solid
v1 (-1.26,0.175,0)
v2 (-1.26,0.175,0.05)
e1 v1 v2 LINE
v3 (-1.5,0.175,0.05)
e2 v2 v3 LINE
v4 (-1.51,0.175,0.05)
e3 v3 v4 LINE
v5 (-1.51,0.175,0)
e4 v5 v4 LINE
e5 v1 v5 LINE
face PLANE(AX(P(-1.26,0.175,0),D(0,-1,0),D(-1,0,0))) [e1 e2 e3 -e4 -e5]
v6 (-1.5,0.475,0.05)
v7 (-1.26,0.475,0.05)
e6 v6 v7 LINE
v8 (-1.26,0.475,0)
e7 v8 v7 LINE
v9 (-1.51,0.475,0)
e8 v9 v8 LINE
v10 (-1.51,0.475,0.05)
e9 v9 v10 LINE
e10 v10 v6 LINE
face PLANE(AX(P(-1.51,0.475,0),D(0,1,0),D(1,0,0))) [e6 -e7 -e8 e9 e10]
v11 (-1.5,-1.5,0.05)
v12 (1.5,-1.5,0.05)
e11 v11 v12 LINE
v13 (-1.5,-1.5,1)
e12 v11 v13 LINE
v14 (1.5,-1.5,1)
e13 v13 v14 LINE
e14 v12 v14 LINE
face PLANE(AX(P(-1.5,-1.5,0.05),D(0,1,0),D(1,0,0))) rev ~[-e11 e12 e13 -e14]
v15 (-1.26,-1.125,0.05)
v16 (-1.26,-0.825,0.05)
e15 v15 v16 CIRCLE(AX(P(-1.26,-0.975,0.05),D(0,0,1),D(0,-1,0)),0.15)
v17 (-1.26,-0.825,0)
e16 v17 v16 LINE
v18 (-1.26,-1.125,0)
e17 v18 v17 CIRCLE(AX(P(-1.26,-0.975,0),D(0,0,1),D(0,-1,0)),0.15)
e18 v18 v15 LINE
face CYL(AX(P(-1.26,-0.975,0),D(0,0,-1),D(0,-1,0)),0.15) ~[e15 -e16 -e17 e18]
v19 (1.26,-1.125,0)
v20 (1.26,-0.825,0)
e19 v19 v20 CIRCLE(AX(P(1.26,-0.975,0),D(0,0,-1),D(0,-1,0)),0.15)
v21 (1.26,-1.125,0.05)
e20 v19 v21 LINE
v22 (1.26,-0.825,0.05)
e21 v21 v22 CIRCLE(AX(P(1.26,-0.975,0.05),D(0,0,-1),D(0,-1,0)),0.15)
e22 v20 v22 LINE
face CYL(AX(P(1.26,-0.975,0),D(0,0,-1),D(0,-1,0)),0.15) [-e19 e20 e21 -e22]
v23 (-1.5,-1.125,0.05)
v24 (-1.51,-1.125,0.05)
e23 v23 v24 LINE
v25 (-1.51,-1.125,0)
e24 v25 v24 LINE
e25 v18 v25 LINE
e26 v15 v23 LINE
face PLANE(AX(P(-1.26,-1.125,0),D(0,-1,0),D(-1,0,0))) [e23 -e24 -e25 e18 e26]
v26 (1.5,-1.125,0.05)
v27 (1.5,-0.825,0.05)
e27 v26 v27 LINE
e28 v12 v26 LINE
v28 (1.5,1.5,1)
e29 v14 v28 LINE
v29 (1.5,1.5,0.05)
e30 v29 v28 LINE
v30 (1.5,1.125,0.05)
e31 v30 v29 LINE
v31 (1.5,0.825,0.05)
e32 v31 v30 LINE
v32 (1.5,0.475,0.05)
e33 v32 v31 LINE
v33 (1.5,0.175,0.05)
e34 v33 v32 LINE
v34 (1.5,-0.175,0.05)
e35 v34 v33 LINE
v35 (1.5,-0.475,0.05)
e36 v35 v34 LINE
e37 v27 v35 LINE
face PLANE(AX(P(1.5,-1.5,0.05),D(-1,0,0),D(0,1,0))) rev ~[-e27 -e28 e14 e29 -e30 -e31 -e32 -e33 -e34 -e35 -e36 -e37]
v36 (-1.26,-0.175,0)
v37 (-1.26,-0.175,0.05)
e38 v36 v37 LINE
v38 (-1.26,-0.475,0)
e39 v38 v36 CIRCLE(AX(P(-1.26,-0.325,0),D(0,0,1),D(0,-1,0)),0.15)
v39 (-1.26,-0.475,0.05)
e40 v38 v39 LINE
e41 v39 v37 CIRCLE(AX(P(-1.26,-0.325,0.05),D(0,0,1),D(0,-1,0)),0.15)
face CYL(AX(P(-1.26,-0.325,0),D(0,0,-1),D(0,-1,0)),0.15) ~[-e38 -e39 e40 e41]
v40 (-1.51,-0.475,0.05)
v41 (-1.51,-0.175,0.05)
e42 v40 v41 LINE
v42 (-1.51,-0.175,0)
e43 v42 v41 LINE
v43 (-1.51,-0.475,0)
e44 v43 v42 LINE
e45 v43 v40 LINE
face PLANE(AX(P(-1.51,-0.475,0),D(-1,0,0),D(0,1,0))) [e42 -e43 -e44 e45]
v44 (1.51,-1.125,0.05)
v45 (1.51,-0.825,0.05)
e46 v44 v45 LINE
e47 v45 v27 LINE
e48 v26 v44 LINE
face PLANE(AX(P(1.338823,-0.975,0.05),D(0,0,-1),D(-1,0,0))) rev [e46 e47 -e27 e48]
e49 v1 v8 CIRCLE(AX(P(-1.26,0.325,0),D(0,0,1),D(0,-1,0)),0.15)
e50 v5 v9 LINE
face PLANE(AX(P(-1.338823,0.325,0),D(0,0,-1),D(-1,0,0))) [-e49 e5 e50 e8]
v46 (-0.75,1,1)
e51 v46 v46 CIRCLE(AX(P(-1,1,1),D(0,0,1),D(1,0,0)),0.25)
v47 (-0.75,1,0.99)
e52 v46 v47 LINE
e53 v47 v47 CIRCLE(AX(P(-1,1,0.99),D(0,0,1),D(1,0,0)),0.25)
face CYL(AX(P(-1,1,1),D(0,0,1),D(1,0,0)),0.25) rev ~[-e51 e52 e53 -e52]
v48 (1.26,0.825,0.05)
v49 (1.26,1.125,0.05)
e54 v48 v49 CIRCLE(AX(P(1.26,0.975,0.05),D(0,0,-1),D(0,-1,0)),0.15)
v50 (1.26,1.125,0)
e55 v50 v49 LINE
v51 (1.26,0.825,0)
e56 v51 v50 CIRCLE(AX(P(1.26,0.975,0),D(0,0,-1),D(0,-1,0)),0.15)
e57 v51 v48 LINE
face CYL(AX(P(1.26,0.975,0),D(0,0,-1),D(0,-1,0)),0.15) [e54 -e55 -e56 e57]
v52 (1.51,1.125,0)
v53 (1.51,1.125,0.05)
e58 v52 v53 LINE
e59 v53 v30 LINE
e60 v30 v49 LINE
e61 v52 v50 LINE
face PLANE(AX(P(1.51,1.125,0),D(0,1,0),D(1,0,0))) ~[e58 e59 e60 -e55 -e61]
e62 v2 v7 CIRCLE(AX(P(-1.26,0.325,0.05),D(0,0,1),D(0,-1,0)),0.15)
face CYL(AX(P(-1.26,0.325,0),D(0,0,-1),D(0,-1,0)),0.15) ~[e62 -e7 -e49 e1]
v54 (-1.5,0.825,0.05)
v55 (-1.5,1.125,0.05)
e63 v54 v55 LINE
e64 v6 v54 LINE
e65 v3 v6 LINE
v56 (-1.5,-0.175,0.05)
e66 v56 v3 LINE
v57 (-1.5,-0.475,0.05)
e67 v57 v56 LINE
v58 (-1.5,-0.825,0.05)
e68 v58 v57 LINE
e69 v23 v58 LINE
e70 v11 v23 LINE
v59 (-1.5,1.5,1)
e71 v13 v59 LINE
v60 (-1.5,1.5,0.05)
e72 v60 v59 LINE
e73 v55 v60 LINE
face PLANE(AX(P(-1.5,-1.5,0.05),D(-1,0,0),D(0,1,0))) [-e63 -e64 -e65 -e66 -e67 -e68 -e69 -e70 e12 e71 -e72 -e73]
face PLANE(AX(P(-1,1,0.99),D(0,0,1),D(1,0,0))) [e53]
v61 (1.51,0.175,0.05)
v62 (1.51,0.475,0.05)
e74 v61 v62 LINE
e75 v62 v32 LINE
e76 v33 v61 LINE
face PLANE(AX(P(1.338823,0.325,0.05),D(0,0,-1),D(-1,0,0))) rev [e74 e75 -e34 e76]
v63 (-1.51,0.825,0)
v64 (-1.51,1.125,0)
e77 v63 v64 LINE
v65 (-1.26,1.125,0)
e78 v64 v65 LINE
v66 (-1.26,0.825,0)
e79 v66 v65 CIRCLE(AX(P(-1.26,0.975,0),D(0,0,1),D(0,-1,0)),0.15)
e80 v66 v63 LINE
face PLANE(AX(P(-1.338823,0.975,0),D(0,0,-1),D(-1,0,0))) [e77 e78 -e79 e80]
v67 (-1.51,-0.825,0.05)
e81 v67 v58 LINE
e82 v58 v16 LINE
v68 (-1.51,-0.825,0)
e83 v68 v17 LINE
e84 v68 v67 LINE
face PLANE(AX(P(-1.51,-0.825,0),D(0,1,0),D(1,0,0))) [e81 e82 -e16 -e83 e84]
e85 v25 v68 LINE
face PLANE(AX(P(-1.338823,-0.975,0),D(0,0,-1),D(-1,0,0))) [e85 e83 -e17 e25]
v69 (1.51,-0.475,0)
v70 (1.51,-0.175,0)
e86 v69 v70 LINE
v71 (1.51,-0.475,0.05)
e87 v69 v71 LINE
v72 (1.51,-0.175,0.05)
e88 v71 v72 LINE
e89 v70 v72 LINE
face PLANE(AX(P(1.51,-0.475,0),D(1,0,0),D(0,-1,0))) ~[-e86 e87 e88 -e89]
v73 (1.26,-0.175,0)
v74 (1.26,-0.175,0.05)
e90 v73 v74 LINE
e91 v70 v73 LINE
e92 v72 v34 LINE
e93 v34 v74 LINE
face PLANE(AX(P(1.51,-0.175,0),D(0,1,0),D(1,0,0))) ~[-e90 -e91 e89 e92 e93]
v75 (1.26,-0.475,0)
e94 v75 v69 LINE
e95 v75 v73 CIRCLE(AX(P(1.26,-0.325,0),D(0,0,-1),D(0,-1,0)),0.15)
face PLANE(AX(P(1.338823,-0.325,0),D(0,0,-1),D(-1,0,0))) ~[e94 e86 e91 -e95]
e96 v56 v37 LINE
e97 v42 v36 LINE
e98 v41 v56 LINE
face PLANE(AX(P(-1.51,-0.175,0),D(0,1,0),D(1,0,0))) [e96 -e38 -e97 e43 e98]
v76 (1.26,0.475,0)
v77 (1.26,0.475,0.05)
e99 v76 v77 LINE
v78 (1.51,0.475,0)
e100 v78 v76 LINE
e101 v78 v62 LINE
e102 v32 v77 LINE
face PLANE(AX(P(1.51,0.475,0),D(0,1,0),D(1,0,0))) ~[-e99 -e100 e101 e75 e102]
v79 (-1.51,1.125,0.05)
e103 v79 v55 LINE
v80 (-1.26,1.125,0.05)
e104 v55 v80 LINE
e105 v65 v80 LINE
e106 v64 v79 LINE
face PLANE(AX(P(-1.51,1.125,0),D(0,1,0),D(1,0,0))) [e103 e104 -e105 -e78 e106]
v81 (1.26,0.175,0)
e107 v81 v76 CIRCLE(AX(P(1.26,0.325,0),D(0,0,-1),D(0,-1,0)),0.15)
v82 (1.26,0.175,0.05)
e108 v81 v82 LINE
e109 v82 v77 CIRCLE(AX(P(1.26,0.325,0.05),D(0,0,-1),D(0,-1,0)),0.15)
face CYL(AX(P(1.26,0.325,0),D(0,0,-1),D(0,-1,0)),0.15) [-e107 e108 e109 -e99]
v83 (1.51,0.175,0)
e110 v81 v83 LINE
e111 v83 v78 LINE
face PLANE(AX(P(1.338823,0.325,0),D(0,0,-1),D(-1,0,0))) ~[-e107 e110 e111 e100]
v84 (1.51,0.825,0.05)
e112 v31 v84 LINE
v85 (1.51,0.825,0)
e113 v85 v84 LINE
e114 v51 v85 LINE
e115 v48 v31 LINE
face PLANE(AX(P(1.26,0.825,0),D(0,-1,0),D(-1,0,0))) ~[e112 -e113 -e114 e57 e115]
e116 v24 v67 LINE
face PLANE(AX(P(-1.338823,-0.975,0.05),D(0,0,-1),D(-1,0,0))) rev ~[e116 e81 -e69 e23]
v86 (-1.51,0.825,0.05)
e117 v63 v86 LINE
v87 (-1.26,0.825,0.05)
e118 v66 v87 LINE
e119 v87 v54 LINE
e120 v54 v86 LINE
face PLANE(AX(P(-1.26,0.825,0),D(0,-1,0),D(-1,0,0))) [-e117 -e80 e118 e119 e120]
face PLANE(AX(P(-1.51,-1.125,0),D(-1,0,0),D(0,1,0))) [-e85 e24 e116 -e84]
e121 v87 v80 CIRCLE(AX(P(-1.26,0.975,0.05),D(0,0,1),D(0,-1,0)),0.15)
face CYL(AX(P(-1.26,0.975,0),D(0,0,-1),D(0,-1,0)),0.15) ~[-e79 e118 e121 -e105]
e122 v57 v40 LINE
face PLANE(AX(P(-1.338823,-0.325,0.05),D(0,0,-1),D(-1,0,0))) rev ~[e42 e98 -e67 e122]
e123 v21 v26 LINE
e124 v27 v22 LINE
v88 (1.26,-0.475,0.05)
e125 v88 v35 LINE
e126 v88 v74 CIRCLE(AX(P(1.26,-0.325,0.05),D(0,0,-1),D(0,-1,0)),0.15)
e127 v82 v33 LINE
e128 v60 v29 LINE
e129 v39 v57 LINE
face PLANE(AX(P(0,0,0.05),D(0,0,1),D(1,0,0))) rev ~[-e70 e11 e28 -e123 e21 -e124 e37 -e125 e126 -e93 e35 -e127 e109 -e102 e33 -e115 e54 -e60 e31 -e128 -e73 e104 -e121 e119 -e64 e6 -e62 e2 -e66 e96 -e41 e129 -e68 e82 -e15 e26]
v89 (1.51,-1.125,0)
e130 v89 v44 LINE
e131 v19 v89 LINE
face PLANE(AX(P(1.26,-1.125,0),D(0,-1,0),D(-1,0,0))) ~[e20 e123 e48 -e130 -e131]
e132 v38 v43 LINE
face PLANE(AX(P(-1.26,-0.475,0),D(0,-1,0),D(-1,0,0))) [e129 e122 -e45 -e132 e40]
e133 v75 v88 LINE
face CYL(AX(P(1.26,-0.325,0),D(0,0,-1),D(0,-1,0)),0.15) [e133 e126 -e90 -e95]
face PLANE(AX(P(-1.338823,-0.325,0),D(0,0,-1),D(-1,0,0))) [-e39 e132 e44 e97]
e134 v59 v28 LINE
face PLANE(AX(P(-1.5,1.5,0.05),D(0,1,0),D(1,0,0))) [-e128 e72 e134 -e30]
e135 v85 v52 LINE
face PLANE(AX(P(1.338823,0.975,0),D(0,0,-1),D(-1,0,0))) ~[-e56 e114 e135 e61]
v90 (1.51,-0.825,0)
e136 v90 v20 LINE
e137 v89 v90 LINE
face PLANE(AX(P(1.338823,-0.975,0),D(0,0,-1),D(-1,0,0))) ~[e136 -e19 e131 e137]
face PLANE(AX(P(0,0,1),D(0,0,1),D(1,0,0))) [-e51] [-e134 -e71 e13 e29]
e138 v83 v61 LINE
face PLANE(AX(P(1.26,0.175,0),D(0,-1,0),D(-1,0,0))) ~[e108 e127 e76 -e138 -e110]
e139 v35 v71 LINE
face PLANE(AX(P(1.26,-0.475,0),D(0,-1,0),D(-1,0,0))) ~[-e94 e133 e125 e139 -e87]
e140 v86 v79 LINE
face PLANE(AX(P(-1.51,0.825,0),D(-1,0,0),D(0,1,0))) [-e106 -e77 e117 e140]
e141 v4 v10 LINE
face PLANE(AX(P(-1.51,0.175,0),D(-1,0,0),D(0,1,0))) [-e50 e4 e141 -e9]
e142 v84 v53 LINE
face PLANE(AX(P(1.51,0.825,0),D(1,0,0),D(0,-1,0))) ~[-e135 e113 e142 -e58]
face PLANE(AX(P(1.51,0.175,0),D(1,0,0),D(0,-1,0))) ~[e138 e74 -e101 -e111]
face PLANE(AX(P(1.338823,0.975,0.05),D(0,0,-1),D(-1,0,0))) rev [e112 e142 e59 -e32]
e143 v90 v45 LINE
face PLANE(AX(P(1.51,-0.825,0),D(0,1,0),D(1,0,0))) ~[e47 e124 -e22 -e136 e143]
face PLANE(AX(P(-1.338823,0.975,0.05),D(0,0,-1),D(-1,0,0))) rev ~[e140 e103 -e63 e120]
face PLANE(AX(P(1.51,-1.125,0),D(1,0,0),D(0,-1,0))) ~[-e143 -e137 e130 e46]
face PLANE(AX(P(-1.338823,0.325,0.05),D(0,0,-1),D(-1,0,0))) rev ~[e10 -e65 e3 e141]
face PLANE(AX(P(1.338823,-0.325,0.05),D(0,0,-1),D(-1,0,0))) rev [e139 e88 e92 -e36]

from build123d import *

# Parameters (mm, degrees)
PAD_DEPTH                 = 0.05
SKETCH001_W               = 3
SKETCH001_H               = 3
PAD001_DEPTH              = 0.95
PAD_LINEARPATTERN_2_DEPTH = 0.05
PAD_LINEARPATTERN_3_DEPTH = 0.05
PAD_LINEARPATTERN_4_DEPTH = 0.05
SKETCH002_R               = 0.25
POCKET_DEPTH              = 0.01


with BuildPart() as part:
    # Sketch → Pad (new body)
    with BuildSketch(Plane.XY):
        with BuildLine():
            Line((-1.51, 1.125), (-1.26, 1.125))
            ThreePointArc((-1.26, 0.825), (-1.11, 0.975), (-1.26, 1.125))
            Line((-1.26, 0.825), (-1.51, 0.825))
            Line((-1.51, 0.825), (-1.51, 1.125))
        make_face()
    pad = extrude(amount=PAD_DEPTH)

    # Sketch001 (on Face6 of Pad) → Pad001 (join)
    with BuildSketch(Plane.XY.offset(0.05)):
        Rectangle(SKETCH001_W, SKETCH001_H)
    extrude(amount=PAD001_DEPTH)

    # Sketch LinearPattern 2 → Pad LinearPattern 2 (add)
    with BuildSketch(Plane(origin=(0, -0.65, 0), x_dir=(1, 0, 0), z_dir=(0, 0, 1))):
        with BuildLine():
            Line((-1.51, 1.125), (-1.26, 1.125))
            ThreePointArc((-1.26, 0.825), (-1.11, 0.975), (-1.26, 1.125))
            Line((-1.26, 0.825), (-1.51, 0.825))
            Line((-1.51, 0.825), (-1.51, 1.125))
        make_face()
    pad_linearpattern_2 = extrude(amount=PAD_LINEARPATTERN_2_DEPTH)

    # Sketch LinearPattern 3 → Pad LinearPattern 3 (add)
    with BuildSketch(Plane(origin=(0, -1.3, 0), x_dir=(1, 0, 0), z_dir=(0, 0, 1))):
        with BuildLine():
            Line((-1.51, 1.125), (-1.26, 1.125))
            ThreePointArc((-1.26, 0.825), (-1.11, 0.975), (-1.26, 1.125))
            Line((-1.26, 0.825), (-1.51, 0.825))
            Line((-1.51, 0.825), (-1.51, 1.125))
        make_face()
    pad_linearpattern_3 = extrude(amount=PAD_LINEARPATTERN_3_DEPTH)

    # Sketch LinearPattern 4 → Pad LinearPattern 4 (add)
    with BuildSketch(Plane(origin=(0, -1.95, 0), x_dir=(1, 0, 0), z_dir=(0, 0, 1))):
        with BuildLine():
            Line((-1.51, 1.125), (-1.26, 1.125))
            ThreePointArc((-1.26, 0.825), (-1.11, 0.975), (-1.26, 1.125))
            Line((-1.26, 0.825), (-1.51, 0.825))
            Line((-1.51, 0.825), (-1.51, 1.125))
        make_face()
    pad_linearpattern_4 = extrude(amount=PAD_LINEARPATTERN_4_DEPTH)

    # Mirrored: Pad, Pad LinearPattern 2, Pad LinearPattern 3, Pad LinearPattern 4 across Sketch V_Axis
    add(pad.mirror(Plane(origin=(0, 0, 0), x_dir=(0, 0, 1), z_dir=(1, 0, 0))))
    add(pad_linearpattern_2.mirror(Plane(origin=(0, 0, 0), x_dir=(0, 0, 1), z_dir=(1, 0, 0))))
    add(pad_linearpattern_3.mirror(Plane(origin=(0, 0, 0), x_dir=(0, 0, 1), z_dir=(1, 0, 0))))
    add(pad_linearpattern_4.mirror(Plane(origin=(0, 0, 0), x_dir=(0, 0, 1), z_dir=(1, 0, 0))))

    # Sketch002 (on Face36 of MultiTransform) → Pocket (cut)
    with BuildSketch(Plane.XY.offset(1)):
        with Locations((-1, 1)):
            Circle(SKETCH002_R)
    extrude(amount=-POCKET_DEPTH, mode=Mode.SUBTRACT)


solid = part.part
